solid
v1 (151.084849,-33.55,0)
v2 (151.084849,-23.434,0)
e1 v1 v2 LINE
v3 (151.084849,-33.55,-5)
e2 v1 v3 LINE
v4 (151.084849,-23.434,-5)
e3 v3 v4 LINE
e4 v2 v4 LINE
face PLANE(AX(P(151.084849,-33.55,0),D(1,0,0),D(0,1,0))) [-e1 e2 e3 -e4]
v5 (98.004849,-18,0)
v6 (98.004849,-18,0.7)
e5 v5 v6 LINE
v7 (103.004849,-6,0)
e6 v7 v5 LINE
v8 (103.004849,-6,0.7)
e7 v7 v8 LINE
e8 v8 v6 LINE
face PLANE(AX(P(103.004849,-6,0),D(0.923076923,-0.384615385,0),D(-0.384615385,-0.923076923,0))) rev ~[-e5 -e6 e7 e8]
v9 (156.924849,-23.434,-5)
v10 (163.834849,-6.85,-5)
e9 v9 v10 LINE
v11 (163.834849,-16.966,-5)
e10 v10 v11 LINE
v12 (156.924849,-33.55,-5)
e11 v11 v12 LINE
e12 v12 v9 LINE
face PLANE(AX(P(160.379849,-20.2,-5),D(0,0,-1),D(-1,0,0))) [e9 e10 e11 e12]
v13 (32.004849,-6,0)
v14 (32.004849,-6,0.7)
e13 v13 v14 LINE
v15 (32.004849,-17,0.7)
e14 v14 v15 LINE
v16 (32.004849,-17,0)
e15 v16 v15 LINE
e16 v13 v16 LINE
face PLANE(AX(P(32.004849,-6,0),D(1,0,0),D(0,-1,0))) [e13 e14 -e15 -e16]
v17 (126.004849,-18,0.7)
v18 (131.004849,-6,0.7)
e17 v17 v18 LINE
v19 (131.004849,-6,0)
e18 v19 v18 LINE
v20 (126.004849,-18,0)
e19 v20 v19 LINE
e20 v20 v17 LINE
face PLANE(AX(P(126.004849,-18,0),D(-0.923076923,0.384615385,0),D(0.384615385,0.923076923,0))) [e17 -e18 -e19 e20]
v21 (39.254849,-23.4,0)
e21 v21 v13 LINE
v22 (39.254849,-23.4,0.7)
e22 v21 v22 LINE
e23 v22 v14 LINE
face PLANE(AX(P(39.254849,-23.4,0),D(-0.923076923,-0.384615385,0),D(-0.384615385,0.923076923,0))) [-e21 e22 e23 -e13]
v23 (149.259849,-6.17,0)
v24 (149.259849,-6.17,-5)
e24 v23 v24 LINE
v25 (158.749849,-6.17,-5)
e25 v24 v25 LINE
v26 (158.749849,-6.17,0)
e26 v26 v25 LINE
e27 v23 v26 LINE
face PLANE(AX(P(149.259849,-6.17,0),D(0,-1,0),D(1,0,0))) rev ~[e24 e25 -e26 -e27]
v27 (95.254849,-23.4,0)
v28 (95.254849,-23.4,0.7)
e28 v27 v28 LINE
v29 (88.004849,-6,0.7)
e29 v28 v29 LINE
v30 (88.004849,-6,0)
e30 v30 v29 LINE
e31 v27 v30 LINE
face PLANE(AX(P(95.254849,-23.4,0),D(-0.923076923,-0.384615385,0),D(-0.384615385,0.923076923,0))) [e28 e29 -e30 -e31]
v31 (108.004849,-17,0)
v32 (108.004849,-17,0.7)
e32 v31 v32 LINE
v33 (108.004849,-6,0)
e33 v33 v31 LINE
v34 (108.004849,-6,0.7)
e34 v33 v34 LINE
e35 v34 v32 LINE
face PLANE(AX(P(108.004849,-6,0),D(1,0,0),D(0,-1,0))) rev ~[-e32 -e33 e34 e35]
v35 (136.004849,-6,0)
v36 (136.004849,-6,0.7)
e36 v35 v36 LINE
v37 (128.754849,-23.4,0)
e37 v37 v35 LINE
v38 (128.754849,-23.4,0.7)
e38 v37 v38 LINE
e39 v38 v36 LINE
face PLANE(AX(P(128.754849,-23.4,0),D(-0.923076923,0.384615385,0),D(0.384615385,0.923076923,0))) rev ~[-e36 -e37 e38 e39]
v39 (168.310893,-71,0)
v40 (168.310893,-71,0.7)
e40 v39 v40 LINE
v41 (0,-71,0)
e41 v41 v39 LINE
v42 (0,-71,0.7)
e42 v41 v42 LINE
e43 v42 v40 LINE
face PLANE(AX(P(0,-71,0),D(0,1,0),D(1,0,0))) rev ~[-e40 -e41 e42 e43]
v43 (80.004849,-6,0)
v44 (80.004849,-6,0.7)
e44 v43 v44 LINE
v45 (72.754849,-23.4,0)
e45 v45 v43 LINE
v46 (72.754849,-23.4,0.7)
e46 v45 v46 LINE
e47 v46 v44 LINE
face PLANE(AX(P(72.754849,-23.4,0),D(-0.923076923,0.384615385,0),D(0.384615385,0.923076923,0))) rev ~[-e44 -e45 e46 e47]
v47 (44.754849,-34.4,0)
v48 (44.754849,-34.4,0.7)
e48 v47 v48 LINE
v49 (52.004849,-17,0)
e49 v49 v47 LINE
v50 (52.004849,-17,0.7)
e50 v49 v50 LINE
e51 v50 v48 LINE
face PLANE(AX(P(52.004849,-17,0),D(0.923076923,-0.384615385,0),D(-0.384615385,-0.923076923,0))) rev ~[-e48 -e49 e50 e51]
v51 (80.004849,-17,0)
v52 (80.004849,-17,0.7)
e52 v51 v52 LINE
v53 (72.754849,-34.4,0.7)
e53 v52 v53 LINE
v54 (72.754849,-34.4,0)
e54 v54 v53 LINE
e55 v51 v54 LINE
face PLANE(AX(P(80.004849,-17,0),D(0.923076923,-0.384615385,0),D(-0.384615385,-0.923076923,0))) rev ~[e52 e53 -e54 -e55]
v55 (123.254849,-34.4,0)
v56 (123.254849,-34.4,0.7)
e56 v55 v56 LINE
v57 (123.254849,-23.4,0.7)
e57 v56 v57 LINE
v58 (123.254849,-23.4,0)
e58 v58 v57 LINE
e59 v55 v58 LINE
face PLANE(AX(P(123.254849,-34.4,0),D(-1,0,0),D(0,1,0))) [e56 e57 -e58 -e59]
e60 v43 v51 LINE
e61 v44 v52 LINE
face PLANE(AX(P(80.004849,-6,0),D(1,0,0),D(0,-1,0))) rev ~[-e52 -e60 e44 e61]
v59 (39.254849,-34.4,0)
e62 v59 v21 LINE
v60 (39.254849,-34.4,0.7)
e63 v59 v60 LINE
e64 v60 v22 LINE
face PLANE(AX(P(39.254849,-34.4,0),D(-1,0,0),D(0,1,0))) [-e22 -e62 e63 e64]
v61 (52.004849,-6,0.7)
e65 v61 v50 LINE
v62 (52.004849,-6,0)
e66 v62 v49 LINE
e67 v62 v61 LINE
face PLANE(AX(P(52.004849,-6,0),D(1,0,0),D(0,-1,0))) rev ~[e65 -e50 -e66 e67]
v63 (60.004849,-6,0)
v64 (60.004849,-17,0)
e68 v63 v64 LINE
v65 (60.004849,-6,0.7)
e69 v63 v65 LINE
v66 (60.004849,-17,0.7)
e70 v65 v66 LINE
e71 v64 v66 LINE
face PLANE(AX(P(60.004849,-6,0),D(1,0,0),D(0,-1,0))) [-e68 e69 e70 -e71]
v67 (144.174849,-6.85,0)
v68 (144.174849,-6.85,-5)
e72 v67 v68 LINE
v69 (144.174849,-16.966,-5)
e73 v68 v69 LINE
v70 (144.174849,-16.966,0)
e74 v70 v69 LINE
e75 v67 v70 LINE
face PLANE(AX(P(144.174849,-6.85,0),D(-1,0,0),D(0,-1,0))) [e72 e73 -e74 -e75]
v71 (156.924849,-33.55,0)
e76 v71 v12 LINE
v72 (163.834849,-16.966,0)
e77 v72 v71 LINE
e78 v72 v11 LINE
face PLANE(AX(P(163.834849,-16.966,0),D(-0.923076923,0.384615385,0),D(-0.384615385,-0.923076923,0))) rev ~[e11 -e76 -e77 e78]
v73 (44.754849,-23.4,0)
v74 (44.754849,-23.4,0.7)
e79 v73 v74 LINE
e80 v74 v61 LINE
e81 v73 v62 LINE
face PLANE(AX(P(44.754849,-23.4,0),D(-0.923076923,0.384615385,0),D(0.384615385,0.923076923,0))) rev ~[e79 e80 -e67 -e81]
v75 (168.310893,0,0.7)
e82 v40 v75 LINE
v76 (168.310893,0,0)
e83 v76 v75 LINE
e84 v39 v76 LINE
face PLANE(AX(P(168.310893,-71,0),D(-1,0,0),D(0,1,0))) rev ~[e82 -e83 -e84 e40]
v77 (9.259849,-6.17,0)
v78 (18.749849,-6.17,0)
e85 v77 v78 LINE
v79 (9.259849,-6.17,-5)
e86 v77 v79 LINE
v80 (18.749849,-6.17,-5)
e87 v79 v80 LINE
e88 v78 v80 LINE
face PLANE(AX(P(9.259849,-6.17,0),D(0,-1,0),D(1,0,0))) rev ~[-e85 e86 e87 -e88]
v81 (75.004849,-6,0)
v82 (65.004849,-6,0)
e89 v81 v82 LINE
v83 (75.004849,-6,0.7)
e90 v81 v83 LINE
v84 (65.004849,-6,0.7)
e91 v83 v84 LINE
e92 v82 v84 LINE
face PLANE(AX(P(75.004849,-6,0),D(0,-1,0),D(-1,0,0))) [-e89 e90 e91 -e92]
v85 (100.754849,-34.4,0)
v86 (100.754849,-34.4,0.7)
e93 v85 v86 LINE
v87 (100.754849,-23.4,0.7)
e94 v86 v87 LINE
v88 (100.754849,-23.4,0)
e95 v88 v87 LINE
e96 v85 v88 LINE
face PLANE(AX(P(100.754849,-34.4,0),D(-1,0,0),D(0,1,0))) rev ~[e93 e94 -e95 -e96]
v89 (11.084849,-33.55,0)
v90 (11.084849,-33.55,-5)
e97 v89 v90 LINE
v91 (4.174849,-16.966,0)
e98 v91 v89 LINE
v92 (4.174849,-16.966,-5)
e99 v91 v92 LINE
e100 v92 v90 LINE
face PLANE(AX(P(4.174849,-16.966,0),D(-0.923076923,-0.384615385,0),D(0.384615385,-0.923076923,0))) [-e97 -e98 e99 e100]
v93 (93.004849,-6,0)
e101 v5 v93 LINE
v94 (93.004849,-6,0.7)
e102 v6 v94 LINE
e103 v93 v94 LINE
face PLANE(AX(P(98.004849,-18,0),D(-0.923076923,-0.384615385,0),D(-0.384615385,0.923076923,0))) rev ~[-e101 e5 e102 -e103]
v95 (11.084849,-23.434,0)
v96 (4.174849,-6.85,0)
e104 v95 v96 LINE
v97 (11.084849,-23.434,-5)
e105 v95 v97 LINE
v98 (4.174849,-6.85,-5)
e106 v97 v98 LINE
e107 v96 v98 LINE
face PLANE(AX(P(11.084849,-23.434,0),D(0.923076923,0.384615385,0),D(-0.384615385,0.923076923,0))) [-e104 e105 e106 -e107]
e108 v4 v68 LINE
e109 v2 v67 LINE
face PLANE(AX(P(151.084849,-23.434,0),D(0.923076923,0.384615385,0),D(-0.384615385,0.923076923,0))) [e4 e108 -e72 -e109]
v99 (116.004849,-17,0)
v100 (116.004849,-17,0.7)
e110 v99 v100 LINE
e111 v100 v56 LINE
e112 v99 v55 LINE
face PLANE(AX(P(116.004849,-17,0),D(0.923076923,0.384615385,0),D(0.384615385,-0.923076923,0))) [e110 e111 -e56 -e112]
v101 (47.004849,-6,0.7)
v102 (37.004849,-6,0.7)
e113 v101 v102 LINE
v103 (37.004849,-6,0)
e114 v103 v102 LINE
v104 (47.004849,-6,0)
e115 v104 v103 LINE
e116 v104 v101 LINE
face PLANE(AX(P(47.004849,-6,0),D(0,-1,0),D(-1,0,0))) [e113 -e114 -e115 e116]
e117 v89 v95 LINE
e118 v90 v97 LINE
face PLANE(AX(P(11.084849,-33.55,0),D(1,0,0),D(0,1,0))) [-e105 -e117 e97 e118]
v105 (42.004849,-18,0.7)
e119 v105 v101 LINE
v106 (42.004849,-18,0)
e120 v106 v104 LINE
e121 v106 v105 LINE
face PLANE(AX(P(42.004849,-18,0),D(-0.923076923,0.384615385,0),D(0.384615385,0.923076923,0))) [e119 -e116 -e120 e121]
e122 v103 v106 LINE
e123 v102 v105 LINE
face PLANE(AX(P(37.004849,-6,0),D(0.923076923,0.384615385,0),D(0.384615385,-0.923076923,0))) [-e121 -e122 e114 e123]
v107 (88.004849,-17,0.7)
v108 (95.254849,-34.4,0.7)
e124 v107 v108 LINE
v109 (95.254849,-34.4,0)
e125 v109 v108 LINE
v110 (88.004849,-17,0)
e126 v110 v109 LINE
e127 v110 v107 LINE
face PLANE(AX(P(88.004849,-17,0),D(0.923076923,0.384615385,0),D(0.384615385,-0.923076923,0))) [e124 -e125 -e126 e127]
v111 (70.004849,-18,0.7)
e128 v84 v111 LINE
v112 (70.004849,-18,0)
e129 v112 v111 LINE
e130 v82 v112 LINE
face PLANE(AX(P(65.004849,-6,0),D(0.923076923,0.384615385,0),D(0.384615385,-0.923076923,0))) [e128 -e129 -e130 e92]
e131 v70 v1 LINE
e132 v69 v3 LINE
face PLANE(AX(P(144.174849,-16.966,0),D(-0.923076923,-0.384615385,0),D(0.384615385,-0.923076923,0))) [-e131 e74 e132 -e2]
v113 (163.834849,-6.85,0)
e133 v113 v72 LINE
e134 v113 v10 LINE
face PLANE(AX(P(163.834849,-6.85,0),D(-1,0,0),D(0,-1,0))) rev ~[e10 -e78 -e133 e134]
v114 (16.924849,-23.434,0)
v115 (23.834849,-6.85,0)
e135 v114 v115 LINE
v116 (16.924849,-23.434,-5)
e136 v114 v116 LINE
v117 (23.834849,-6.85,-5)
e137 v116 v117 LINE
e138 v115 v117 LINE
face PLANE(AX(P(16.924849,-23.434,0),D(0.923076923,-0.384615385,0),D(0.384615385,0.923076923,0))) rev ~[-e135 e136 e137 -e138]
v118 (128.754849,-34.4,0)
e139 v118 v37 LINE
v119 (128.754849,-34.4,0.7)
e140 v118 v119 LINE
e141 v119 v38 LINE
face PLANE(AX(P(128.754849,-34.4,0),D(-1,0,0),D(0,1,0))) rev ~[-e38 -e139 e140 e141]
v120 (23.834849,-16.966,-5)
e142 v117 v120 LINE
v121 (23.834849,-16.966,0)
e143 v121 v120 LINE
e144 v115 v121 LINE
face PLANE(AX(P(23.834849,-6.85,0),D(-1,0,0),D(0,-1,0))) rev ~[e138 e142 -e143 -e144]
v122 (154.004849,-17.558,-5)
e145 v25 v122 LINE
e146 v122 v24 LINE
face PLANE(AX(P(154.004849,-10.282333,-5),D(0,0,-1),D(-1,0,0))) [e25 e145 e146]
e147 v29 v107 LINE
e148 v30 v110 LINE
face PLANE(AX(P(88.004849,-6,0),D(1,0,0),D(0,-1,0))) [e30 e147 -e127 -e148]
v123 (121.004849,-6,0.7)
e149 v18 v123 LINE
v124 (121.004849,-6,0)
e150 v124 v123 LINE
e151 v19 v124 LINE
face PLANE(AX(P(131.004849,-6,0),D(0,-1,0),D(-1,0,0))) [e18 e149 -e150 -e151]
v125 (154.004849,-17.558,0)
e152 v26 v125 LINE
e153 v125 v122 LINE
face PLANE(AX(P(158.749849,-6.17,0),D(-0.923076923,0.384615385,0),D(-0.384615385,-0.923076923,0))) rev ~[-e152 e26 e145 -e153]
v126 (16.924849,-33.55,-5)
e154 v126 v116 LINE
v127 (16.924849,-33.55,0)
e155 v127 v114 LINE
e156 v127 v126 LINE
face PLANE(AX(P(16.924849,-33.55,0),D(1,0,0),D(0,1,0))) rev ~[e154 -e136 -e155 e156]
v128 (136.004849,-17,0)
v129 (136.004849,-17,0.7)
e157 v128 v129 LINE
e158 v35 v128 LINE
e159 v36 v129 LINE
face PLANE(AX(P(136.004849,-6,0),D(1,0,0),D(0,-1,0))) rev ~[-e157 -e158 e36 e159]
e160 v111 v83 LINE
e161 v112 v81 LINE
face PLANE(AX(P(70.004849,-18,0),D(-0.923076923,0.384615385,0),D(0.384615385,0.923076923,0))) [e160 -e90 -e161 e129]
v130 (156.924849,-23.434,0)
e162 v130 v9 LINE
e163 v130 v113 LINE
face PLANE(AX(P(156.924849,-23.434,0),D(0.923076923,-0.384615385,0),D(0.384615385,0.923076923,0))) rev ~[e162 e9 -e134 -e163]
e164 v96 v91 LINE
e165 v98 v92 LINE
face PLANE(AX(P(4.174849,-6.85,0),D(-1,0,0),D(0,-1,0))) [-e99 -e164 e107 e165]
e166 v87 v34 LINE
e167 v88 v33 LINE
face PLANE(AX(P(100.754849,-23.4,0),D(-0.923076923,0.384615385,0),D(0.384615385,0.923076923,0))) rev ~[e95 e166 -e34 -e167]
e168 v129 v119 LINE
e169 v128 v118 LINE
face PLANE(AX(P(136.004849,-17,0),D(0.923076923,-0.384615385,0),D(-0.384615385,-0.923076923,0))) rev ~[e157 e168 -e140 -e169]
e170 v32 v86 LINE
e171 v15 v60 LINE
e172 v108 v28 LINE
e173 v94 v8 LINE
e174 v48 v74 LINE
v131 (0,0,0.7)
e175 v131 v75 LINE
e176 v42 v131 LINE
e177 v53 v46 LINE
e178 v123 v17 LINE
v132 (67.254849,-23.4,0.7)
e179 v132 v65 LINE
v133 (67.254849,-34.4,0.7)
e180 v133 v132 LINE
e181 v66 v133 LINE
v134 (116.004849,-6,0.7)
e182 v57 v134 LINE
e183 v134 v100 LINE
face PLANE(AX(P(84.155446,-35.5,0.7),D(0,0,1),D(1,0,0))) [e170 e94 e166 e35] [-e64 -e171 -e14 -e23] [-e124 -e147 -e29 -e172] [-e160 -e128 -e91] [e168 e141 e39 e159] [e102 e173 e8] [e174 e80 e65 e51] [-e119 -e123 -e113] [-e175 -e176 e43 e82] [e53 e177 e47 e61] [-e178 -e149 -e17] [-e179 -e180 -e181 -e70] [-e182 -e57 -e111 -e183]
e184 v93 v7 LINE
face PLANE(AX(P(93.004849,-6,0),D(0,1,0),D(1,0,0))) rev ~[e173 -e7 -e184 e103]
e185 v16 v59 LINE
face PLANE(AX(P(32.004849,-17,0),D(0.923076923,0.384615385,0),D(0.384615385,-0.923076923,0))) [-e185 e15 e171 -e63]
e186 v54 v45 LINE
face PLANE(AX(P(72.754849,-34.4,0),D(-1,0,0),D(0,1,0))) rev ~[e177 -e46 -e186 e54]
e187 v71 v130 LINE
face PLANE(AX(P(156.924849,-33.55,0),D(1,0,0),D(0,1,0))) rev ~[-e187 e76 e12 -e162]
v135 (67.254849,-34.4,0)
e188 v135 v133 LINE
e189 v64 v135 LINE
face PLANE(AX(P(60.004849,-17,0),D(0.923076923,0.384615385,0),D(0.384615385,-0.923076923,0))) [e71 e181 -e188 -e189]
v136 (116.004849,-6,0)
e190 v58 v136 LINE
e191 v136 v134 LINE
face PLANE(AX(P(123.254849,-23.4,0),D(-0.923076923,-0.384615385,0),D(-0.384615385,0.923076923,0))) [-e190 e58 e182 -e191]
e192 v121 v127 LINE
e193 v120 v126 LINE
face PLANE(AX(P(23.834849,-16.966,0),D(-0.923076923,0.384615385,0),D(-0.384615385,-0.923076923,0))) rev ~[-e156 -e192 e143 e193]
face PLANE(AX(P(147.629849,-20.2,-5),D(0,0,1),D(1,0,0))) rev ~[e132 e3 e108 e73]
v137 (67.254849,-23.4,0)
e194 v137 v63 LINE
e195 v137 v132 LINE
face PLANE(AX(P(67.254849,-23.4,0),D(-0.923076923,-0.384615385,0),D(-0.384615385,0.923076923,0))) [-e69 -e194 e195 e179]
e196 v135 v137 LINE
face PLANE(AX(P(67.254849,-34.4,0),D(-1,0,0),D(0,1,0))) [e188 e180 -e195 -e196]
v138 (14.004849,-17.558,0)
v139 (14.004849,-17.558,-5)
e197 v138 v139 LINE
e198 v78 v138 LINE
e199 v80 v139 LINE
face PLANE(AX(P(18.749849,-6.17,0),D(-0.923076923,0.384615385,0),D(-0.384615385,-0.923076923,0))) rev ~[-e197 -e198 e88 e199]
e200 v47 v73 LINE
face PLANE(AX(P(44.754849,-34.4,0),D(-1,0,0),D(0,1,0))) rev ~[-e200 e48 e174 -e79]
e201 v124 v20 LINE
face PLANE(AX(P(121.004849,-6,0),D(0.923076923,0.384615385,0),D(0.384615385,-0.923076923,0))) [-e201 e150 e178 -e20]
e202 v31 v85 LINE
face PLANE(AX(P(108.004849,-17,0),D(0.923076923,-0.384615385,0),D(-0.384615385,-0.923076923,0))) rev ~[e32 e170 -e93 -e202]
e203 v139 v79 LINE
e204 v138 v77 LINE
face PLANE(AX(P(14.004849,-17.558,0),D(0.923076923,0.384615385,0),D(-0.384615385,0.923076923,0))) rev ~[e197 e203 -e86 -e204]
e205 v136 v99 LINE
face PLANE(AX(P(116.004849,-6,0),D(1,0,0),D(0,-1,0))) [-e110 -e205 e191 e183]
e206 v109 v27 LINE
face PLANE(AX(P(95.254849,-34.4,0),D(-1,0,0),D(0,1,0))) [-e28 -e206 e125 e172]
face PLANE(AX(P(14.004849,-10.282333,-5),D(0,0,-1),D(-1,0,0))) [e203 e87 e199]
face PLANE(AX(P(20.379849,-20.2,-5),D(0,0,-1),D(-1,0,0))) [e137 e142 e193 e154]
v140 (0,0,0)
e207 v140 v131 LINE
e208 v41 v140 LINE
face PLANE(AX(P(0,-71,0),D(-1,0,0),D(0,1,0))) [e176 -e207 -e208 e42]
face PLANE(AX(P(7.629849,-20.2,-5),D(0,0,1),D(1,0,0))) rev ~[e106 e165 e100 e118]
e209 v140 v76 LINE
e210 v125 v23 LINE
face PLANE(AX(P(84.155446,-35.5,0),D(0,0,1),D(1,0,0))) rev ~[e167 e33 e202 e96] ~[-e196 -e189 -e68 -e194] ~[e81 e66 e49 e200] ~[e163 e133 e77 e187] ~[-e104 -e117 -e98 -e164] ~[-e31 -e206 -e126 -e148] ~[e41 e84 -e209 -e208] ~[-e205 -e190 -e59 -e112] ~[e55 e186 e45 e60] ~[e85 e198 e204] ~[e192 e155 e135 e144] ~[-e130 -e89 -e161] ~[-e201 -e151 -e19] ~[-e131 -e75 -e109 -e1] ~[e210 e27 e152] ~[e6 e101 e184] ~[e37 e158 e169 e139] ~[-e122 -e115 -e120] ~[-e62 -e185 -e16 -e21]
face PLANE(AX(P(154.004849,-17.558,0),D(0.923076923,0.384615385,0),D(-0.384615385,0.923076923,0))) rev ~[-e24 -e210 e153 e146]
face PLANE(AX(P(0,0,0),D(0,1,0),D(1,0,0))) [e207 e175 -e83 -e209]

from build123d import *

# Parameters (mm, degrees)
SKETCH2_W           = 168.310893
SKETCH2_H           = 71
BOSS_EXTRUDE3_DEPTH = 0.7
BOSS_EXTRUDE5_DEPTH = 5


with BuildPart() as part:
    # Sketch2 → Boss-Extrude3 (new body)
    with BuildSketch(Plane.XY):
        with Locations((84.1554465, -35.5)):
            Rectangle(SKETCH2_W, SKETCH2_H)
        Polygon((32.004849, -17), (32.004849, -11.5), (32.004849, -6), (39.254849, -23.4), (39.254849, -34.4), align=None, mode=Mode.SUBTRACT)
        Polygon((52.004849, -6), (52.004849, -17), (44.754849, -34.4), (44.754849, -23.4), align=None, mode=Mode.SUBTRACT)
        Polygon((67.254849, -34.4), (60.004849, -17), (60.004849, -6), (67.254849, -23.4), align=None, mode=Mode.SUBTRACT)
        Polygon((80.004849, -17), (72.754849, -34.4), (72.754849, -23.4), (80.004849, -6), align=None, mode=Mode.SUBTRACT)
        Polygon((42.004849, -18), (37.004849, -6), (47.004849, -6), align=None, mode=Mode.SUBTRACT)
        Polygon((75.004849, -6), (70.004849, -18), (65.004849, -6), align=None, mode=Mode.SUBTRACT)
        Polygon((95.254849, -23.4), (95.254849, -34.4), (88.004849, -17), (88.004849, -6), align=None, mode=Mode.SUBTRACT)
        Polygon((100.754849, -23.4), (108.004849, -6), (108.004849, -17), (100.754849, -34.4), align=None, mode=Mode.SUBTRACT)
        Polygon((123.254849, -34.4), (116.004849, -17), (116.004849, -6), (123.254849, -23.4), align=None, mode=Mode.SUBTRACT)
        Polygon((136.004849, -6), (136.004849, -17), (128.754849, -34.4), (128.754849, -23.4), align=None, mode=Mode.SUBTRACT)
        Polygon((98.004849, -18), (93.004849, -6), (103.004849, -6), align=None, mode=Mode.SUBTRACT)
        Polygon((131.004849, -6), (126.004849, -18), (121.004849, -6), align=None, mode=Mode.SUBTRACT)
    extrude(amount=BOSS_EXTRUDE3_DEPTH)

    # Sketch2<6> → Boss-Extrude5 (add)
    with BuildSketch(Plane.XY):
        Polygon((158.749849, -6.17), (149.259849, -6.17), (154.004849, -17.558), align=None)
        Polygon((144.174849, -16.966), (151.084849, -33.55), (151.084849, -23.434), (144.174849, -6.85), align=None)
        Polygon((163.834849, -6.85), (156.924849, -23.434), (156.924849, -33.55), (163.834849, -16.966), align=None)
        Polygon((18.749849, -6.17), (9.259849, -6.17), (14.004849, -17.558), align=None)
        Polygon((11.084849, -23.434), (4.174849, -6.85), (4.174849, -16.966), (11.084849, -33.55), align=None)
        Polygon((23.834849, -16.966), (23.834849, -6.85), (16.924849, -23.434), (16.924849, -33.55), align=None)
    extrude(amount=-BOSS_EXTRUDE5_DEPTH)


solid = part.part
